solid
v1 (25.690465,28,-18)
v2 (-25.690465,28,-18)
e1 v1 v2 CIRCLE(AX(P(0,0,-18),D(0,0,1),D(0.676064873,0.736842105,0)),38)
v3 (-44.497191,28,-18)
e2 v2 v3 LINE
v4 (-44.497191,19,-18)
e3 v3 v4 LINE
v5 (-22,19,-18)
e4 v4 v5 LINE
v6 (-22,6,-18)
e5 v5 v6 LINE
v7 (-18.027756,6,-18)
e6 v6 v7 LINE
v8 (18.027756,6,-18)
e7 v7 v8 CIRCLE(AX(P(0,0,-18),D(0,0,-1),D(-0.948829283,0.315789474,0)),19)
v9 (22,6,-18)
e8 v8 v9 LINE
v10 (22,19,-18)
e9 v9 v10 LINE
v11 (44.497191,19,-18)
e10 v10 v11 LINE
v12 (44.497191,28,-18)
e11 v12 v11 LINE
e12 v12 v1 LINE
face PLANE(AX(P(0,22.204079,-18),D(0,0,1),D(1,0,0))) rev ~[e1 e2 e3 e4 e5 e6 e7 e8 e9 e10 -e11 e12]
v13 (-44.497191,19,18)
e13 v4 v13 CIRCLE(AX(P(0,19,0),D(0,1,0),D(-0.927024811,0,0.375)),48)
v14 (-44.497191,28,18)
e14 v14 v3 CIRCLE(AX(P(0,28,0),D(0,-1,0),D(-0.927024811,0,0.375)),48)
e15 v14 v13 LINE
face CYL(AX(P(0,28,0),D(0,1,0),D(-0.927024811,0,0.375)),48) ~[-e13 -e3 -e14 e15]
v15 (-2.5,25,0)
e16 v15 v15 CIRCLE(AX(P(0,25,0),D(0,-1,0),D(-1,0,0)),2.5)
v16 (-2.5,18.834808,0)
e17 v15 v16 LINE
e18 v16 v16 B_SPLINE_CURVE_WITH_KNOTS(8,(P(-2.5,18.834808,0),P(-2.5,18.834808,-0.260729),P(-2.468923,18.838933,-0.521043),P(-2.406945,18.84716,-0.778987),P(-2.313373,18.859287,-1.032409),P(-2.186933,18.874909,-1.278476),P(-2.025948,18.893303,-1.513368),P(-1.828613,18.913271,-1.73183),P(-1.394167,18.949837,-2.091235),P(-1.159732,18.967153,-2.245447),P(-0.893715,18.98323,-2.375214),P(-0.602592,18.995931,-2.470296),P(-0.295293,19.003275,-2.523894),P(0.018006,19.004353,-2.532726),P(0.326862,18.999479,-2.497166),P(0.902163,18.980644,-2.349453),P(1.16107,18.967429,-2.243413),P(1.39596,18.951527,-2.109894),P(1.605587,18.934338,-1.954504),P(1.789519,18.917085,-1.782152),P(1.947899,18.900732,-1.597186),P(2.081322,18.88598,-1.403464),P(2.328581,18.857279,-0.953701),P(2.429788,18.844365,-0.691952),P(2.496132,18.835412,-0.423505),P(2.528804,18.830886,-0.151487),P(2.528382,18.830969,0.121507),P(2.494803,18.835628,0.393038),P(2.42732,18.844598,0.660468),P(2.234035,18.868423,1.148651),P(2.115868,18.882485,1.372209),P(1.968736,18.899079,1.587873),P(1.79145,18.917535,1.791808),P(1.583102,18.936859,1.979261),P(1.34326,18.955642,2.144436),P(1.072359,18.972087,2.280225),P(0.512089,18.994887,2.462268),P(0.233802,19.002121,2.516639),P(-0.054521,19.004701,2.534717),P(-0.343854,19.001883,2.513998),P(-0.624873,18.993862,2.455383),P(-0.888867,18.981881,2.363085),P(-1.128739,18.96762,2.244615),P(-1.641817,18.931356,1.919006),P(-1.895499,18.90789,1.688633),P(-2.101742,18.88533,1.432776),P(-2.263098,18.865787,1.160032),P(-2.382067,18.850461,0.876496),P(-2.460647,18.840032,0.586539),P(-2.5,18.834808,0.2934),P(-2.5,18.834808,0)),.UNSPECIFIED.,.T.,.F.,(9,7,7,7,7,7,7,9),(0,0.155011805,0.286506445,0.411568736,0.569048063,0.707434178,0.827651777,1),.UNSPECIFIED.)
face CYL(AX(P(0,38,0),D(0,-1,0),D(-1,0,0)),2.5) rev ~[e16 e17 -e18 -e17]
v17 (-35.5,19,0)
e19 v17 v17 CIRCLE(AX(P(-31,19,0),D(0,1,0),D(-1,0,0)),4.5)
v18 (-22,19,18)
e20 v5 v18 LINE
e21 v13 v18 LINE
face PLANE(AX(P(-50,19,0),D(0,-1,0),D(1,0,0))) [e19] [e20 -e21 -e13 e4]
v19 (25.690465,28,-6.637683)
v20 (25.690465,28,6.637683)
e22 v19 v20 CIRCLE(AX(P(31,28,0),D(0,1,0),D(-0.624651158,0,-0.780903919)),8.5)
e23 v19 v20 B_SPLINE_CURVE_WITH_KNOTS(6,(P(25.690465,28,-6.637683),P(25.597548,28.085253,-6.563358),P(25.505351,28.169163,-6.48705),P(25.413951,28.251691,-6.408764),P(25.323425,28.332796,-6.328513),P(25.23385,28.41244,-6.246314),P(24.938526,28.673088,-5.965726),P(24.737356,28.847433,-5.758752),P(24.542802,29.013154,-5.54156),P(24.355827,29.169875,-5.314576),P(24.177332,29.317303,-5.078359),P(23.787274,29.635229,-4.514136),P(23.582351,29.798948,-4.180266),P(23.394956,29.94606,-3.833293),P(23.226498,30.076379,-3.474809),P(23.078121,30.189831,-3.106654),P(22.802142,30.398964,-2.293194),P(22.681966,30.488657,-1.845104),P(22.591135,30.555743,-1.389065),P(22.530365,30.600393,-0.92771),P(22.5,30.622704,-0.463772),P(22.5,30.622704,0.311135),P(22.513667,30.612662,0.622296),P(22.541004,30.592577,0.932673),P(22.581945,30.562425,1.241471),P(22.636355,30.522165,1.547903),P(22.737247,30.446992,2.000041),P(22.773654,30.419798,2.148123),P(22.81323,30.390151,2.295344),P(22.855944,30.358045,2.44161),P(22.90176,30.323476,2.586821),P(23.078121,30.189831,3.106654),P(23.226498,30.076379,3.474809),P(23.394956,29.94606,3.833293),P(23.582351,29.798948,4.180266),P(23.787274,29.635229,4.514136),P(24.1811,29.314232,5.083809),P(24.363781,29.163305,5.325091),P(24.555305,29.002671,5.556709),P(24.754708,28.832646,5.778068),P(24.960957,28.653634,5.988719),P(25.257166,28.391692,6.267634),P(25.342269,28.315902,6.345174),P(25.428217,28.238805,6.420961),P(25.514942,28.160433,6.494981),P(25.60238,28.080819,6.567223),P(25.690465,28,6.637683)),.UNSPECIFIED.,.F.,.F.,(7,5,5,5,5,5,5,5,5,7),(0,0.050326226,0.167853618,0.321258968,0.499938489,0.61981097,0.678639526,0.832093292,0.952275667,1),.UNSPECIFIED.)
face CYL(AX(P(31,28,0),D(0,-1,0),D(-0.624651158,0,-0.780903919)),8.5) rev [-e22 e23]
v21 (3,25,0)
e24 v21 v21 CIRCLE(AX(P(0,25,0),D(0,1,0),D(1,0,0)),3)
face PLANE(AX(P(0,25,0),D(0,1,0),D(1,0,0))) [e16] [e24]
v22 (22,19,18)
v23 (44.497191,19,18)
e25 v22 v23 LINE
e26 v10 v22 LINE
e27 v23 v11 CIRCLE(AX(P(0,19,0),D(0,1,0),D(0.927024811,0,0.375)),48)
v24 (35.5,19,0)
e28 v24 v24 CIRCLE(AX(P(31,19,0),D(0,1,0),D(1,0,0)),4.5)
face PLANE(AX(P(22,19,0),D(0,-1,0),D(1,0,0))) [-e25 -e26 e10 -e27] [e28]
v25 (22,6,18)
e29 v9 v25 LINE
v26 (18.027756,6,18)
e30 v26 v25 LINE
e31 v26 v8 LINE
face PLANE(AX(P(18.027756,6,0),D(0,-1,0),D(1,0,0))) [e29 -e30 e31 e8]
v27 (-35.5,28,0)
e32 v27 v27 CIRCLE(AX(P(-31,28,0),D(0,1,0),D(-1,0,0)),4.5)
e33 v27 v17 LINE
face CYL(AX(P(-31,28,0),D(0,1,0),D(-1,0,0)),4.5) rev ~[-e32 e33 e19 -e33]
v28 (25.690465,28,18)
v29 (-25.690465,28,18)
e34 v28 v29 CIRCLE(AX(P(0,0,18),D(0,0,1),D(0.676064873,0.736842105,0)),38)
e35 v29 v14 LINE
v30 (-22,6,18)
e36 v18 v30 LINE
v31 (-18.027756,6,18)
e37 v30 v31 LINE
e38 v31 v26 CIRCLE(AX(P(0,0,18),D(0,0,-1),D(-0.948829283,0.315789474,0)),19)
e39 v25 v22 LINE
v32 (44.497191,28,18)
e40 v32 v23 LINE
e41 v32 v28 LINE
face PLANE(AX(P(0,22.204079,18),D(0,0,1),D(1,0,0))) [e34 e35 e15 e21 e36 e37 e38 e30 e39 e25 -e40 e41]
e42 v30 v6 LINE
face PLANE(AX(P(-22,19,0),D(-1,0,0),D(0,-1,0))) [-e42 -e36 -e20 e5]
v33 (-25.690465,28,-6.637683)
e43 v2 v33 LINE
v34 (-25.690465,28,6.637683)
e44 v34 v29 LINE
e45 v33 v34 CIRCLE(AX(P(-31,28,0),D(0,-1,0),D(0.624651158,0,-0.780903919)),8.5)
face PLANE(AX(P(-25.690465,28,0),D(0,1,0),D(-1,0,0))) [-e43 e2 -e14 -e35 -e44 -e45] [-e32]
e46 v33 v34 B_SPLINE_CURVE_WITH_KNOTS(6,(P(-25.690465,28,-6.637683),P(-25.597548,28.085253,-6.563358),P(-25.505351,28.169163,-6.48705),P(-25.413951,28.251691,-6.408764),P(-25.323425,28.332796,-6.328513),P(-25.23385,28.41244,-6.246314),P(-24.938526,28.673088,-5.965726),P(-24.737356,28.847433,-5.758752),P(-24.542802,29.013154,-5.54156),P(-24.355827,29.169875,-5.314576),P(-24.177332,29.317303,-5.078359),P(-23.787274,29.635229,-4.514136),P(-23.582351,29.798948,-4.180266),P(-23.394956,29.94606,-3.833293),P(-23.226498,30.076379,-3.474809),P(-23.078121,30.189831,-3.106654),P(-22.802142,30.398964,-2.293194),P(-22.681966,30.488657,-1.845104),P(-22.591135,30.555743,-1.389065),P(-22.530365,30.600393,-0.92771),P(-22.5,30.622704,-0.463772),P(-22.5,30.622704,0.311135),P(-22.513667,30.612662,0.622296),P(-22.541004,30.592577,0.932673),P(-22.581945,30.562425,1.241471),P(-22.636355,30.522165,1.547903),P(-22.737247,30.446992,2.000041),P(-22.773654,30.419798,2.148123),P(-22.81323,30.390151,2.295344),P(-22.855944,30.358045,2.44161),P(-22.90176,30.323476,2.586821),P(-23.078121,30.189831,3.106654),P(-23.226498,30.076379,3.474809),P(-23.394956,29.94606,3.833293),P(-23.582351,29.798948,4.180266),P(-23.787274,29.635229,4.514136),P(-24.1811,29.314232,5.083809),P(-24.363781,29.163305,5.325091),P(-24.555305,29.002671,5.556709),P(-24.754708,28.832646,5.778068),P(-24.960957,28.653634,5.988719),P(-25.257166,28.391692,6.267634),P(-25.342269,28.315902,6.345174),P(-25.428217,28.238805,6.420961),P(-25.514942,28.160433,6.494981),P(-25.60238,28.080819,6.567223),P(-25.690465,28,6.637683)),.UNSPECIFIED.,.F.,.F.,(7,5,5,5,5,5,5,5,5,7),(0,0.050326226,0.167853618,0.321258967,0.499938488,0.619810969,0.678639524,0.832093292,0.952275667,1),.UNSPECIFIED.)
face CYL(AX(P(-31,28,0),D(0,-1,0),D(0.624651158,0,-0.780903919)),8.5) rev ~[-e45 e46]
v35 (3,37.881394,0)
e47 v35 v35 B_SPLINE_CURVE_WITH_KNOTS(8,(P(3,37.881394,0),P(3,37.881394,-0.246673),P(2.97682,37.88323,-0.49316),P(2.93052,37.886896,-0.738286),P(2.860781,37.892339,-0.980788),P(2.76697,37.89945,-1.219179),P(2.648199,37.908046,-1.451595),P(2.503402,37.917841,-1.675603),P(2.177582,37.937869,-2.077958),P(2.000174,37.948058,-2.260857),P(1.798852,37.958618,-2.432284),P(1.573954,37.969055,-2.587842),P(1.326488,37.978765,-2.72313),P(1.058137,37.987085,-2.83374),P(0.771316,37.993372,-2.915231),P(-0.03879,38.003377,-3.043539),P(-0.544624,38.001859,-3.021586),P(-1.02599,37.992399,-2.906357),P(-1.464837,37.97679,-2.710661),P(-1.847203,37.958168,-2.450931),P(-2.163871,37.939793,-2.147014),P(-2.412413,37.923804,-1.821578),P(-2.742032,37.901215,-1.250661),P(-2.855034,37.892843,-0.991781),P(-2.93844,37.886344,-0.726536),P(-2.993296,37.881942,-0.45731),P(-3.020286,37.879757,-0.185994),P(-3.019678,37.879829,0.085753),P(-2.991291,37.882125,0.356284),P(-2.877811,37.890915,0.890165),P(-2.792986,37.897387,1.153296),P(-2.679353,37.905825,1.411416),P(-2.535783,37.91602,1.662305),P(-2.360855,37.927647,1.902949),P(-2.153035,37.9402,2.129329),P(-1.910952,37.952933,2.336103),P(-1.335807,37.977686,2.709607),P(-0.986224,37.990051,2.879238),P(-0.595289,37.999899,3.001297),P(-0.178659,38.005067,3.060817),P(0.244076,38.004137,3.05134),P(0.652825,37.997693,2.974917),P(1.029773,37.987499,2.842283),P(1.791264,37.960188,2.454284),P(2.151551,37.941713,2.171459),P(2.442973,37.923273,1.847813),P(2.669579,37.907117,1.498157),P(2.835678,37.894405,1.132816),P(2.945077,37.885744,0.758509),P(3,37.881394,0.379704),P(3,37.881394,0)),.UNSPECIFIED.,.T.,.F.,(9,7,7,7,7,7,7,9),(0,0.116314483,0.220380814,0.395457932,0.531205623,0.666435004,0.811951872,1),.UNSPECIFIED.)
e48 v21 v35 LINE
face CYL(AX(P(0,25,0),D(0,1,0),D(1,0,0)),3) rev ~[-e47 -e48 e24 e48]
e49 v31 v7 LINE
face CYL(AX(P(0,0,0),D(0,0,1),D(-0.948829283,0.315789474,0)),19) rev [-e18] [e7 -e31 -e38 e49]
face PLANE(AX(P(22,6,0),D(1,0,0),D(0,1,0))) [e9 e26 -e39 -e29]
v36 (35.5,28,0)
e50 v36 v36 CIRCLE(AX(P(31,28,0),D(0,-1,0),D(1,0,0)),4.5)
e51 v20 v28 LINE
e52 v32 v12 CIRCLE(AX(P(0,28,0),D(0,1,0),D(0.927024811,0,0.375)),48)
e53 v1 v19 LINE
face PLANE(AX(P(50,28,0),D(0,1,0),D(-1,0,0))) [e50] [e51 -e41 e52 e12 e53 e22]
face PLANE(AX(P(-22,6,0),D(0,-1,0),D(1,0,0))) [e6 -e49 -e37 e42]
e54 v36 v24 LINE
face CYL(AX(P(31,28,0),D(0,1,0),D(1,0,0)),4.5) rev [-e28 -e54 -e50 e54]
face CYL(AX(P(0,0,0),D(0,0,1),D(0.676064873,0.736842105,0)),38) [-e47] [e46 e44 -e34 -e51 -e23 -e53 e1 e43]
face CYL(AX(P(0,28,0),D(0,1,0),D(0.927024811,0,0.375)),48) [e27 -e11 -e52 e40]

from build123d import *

# Parameters (mm, degrees)
BOSS_EXTRUDE1_DEPTH                     = 18
CUT_EXTRUDE3_DEPTH                      = 36
SKETCH3_R                               = 4.5
CUT_EXTRUDE4_DEPTH                      = 23
CUT_EXTRUDE5_DEPTH                      = 11
CBORE_FOR_M5_HEX_HEAD_BOLT1_D           = 5
CBORE_FOR_M5_HEX_HEAD_BOLT1_CBORE_D     = 6
CBORE_FOR_M5_HEX_HEAD_BOLT1_CBORE_DEPTH = 13


with BuildPart() as part:
    # Sketch1 → Boss-Extrude1 (new body, symmetric)
    with BuildSketch(Plane.XY):
        with BuildLine():
            Line((18.027756377, 6), (22, 6))
            Line((22, 6), (22, 19))
            Line((22, 19), (50, 19))
            Line((50, 19), (50, 28))
            Line((50, 28), (25.690465157, 28))
            ThreePointArc((25.690465157, 28), (0, 38), (-25.690465157, 28))
            Line((-25.690465157, 28), (-50, 28))
            Line((-50, 28), (-50, 19))
            Line((-50, 19), (-22, 19))
            Line((-22, 19), (-22, 6))
            Line((-22, 6), (-18.027756377, 6))
            ThreePointArc((-18.027756377, 6), (0, 19), (18.027756377, 6))
        make_face()
    extrude(amount=BOSS_EXTRUDE1_DEPTH, both=True)

    # Sketch2 → Cut-Extrude3 (cut)
    with BuildSketch(Plane(origin=(0, 28, 0), x_dir=(1, 0, 0), z_dir=(0, 1, 0))):
        with BuildLine():
            Line((-50, -18), (-44.497190923, -18))
            ThreePointArc((-44.497190923, -18), (-48, 0), (-44.497190923, 18))
            Line((-44.497190923, 18), (-50, 18))
            Line((-50, 18), (-50, -18))
        make_face()
    cut_extrude3 = extrude(amount=-CUT_EXTRUDE3_DEPTH, mode=Mode.SUBTRACT)

    # Sketch3 → Cut-Extrude4 (cut, through all)
    with BuildSketch(Plane(origin=(0, 28, 0), x_dir=(1, 0, 0), z_dir=(0, 1, 0))):
        with Locations(Location((-31, 0, 0), (0, 0, 180))):  # turned: the seam where the file's is
            Circle(SKETCH3_R)
    cut_extrude4 = extrude(amount=-CUT_EXTRUDE4_DEPTH, mode=Mode.SUBTRACT)

    # Mirror2: Cut-Extrude3, Cut-Extrude4 across plane
    add(cut_extrude3.mirror(Plane(origin=(0, 0, 0), x_dir=(0, 0, 1), z_dir=(1, 0, 0))), mode=Mode.SUBTRACT)
    add(cut_extrude4.mirror(Plane(origin=(0, 0, 0), x_dir=(0, 0, 1), z_dir=(1, 0, 0))), mode=Mode.SUBTRACT)

    # Sketch4 → Cut-Extrude5 (cut, through all)
    with BuildSketch(Plane(origin=(0, 28, 0), x_dir=(1, 0, 0), z_dir=(0, 1, 0))):
        with BuildLine():
            Line((-25.690465157, -6.637683312), (-25.690465157, 6.637683312))
            ThreePointArc((-25.690465157, 6.637683312), (-22.5, 0), (-25.690465157, -6.637683312))
        make_face()
    cut_extrude5 = extrude(amount=CUT_EXTRUDE5_DEPTH, mode=Mode.SUBTRACT)

    # Mirror15: Cut-Extrude5 across plane
    add(cut_extrude5.mirror(Plane(origin=(0, 0, 0), x_dir=(0, 0, 1), z_dir=(1, 0, 0))), mode=Mode.SUBTRACT)

    # CBORE for M5 Hex Head Bolt1 (through all)
    with Locations(Plane(origin=(0, 38, 0), x_dir=(1, 0, 0), z_dir=(0, 1, 0))):
        with Locations((0, 0)):
            CounterBoreHole(CBORE_FOR_M5_HEX_HEAD_BOLT1_D / 2, CBORE_FOR_M5_HEX_HEAD_BOLT1_CBORE_D / 2, CBORE_FOR_M5_HEX_HEAD_BOLT1_CBORE_DEPTH)


solid = part.part
